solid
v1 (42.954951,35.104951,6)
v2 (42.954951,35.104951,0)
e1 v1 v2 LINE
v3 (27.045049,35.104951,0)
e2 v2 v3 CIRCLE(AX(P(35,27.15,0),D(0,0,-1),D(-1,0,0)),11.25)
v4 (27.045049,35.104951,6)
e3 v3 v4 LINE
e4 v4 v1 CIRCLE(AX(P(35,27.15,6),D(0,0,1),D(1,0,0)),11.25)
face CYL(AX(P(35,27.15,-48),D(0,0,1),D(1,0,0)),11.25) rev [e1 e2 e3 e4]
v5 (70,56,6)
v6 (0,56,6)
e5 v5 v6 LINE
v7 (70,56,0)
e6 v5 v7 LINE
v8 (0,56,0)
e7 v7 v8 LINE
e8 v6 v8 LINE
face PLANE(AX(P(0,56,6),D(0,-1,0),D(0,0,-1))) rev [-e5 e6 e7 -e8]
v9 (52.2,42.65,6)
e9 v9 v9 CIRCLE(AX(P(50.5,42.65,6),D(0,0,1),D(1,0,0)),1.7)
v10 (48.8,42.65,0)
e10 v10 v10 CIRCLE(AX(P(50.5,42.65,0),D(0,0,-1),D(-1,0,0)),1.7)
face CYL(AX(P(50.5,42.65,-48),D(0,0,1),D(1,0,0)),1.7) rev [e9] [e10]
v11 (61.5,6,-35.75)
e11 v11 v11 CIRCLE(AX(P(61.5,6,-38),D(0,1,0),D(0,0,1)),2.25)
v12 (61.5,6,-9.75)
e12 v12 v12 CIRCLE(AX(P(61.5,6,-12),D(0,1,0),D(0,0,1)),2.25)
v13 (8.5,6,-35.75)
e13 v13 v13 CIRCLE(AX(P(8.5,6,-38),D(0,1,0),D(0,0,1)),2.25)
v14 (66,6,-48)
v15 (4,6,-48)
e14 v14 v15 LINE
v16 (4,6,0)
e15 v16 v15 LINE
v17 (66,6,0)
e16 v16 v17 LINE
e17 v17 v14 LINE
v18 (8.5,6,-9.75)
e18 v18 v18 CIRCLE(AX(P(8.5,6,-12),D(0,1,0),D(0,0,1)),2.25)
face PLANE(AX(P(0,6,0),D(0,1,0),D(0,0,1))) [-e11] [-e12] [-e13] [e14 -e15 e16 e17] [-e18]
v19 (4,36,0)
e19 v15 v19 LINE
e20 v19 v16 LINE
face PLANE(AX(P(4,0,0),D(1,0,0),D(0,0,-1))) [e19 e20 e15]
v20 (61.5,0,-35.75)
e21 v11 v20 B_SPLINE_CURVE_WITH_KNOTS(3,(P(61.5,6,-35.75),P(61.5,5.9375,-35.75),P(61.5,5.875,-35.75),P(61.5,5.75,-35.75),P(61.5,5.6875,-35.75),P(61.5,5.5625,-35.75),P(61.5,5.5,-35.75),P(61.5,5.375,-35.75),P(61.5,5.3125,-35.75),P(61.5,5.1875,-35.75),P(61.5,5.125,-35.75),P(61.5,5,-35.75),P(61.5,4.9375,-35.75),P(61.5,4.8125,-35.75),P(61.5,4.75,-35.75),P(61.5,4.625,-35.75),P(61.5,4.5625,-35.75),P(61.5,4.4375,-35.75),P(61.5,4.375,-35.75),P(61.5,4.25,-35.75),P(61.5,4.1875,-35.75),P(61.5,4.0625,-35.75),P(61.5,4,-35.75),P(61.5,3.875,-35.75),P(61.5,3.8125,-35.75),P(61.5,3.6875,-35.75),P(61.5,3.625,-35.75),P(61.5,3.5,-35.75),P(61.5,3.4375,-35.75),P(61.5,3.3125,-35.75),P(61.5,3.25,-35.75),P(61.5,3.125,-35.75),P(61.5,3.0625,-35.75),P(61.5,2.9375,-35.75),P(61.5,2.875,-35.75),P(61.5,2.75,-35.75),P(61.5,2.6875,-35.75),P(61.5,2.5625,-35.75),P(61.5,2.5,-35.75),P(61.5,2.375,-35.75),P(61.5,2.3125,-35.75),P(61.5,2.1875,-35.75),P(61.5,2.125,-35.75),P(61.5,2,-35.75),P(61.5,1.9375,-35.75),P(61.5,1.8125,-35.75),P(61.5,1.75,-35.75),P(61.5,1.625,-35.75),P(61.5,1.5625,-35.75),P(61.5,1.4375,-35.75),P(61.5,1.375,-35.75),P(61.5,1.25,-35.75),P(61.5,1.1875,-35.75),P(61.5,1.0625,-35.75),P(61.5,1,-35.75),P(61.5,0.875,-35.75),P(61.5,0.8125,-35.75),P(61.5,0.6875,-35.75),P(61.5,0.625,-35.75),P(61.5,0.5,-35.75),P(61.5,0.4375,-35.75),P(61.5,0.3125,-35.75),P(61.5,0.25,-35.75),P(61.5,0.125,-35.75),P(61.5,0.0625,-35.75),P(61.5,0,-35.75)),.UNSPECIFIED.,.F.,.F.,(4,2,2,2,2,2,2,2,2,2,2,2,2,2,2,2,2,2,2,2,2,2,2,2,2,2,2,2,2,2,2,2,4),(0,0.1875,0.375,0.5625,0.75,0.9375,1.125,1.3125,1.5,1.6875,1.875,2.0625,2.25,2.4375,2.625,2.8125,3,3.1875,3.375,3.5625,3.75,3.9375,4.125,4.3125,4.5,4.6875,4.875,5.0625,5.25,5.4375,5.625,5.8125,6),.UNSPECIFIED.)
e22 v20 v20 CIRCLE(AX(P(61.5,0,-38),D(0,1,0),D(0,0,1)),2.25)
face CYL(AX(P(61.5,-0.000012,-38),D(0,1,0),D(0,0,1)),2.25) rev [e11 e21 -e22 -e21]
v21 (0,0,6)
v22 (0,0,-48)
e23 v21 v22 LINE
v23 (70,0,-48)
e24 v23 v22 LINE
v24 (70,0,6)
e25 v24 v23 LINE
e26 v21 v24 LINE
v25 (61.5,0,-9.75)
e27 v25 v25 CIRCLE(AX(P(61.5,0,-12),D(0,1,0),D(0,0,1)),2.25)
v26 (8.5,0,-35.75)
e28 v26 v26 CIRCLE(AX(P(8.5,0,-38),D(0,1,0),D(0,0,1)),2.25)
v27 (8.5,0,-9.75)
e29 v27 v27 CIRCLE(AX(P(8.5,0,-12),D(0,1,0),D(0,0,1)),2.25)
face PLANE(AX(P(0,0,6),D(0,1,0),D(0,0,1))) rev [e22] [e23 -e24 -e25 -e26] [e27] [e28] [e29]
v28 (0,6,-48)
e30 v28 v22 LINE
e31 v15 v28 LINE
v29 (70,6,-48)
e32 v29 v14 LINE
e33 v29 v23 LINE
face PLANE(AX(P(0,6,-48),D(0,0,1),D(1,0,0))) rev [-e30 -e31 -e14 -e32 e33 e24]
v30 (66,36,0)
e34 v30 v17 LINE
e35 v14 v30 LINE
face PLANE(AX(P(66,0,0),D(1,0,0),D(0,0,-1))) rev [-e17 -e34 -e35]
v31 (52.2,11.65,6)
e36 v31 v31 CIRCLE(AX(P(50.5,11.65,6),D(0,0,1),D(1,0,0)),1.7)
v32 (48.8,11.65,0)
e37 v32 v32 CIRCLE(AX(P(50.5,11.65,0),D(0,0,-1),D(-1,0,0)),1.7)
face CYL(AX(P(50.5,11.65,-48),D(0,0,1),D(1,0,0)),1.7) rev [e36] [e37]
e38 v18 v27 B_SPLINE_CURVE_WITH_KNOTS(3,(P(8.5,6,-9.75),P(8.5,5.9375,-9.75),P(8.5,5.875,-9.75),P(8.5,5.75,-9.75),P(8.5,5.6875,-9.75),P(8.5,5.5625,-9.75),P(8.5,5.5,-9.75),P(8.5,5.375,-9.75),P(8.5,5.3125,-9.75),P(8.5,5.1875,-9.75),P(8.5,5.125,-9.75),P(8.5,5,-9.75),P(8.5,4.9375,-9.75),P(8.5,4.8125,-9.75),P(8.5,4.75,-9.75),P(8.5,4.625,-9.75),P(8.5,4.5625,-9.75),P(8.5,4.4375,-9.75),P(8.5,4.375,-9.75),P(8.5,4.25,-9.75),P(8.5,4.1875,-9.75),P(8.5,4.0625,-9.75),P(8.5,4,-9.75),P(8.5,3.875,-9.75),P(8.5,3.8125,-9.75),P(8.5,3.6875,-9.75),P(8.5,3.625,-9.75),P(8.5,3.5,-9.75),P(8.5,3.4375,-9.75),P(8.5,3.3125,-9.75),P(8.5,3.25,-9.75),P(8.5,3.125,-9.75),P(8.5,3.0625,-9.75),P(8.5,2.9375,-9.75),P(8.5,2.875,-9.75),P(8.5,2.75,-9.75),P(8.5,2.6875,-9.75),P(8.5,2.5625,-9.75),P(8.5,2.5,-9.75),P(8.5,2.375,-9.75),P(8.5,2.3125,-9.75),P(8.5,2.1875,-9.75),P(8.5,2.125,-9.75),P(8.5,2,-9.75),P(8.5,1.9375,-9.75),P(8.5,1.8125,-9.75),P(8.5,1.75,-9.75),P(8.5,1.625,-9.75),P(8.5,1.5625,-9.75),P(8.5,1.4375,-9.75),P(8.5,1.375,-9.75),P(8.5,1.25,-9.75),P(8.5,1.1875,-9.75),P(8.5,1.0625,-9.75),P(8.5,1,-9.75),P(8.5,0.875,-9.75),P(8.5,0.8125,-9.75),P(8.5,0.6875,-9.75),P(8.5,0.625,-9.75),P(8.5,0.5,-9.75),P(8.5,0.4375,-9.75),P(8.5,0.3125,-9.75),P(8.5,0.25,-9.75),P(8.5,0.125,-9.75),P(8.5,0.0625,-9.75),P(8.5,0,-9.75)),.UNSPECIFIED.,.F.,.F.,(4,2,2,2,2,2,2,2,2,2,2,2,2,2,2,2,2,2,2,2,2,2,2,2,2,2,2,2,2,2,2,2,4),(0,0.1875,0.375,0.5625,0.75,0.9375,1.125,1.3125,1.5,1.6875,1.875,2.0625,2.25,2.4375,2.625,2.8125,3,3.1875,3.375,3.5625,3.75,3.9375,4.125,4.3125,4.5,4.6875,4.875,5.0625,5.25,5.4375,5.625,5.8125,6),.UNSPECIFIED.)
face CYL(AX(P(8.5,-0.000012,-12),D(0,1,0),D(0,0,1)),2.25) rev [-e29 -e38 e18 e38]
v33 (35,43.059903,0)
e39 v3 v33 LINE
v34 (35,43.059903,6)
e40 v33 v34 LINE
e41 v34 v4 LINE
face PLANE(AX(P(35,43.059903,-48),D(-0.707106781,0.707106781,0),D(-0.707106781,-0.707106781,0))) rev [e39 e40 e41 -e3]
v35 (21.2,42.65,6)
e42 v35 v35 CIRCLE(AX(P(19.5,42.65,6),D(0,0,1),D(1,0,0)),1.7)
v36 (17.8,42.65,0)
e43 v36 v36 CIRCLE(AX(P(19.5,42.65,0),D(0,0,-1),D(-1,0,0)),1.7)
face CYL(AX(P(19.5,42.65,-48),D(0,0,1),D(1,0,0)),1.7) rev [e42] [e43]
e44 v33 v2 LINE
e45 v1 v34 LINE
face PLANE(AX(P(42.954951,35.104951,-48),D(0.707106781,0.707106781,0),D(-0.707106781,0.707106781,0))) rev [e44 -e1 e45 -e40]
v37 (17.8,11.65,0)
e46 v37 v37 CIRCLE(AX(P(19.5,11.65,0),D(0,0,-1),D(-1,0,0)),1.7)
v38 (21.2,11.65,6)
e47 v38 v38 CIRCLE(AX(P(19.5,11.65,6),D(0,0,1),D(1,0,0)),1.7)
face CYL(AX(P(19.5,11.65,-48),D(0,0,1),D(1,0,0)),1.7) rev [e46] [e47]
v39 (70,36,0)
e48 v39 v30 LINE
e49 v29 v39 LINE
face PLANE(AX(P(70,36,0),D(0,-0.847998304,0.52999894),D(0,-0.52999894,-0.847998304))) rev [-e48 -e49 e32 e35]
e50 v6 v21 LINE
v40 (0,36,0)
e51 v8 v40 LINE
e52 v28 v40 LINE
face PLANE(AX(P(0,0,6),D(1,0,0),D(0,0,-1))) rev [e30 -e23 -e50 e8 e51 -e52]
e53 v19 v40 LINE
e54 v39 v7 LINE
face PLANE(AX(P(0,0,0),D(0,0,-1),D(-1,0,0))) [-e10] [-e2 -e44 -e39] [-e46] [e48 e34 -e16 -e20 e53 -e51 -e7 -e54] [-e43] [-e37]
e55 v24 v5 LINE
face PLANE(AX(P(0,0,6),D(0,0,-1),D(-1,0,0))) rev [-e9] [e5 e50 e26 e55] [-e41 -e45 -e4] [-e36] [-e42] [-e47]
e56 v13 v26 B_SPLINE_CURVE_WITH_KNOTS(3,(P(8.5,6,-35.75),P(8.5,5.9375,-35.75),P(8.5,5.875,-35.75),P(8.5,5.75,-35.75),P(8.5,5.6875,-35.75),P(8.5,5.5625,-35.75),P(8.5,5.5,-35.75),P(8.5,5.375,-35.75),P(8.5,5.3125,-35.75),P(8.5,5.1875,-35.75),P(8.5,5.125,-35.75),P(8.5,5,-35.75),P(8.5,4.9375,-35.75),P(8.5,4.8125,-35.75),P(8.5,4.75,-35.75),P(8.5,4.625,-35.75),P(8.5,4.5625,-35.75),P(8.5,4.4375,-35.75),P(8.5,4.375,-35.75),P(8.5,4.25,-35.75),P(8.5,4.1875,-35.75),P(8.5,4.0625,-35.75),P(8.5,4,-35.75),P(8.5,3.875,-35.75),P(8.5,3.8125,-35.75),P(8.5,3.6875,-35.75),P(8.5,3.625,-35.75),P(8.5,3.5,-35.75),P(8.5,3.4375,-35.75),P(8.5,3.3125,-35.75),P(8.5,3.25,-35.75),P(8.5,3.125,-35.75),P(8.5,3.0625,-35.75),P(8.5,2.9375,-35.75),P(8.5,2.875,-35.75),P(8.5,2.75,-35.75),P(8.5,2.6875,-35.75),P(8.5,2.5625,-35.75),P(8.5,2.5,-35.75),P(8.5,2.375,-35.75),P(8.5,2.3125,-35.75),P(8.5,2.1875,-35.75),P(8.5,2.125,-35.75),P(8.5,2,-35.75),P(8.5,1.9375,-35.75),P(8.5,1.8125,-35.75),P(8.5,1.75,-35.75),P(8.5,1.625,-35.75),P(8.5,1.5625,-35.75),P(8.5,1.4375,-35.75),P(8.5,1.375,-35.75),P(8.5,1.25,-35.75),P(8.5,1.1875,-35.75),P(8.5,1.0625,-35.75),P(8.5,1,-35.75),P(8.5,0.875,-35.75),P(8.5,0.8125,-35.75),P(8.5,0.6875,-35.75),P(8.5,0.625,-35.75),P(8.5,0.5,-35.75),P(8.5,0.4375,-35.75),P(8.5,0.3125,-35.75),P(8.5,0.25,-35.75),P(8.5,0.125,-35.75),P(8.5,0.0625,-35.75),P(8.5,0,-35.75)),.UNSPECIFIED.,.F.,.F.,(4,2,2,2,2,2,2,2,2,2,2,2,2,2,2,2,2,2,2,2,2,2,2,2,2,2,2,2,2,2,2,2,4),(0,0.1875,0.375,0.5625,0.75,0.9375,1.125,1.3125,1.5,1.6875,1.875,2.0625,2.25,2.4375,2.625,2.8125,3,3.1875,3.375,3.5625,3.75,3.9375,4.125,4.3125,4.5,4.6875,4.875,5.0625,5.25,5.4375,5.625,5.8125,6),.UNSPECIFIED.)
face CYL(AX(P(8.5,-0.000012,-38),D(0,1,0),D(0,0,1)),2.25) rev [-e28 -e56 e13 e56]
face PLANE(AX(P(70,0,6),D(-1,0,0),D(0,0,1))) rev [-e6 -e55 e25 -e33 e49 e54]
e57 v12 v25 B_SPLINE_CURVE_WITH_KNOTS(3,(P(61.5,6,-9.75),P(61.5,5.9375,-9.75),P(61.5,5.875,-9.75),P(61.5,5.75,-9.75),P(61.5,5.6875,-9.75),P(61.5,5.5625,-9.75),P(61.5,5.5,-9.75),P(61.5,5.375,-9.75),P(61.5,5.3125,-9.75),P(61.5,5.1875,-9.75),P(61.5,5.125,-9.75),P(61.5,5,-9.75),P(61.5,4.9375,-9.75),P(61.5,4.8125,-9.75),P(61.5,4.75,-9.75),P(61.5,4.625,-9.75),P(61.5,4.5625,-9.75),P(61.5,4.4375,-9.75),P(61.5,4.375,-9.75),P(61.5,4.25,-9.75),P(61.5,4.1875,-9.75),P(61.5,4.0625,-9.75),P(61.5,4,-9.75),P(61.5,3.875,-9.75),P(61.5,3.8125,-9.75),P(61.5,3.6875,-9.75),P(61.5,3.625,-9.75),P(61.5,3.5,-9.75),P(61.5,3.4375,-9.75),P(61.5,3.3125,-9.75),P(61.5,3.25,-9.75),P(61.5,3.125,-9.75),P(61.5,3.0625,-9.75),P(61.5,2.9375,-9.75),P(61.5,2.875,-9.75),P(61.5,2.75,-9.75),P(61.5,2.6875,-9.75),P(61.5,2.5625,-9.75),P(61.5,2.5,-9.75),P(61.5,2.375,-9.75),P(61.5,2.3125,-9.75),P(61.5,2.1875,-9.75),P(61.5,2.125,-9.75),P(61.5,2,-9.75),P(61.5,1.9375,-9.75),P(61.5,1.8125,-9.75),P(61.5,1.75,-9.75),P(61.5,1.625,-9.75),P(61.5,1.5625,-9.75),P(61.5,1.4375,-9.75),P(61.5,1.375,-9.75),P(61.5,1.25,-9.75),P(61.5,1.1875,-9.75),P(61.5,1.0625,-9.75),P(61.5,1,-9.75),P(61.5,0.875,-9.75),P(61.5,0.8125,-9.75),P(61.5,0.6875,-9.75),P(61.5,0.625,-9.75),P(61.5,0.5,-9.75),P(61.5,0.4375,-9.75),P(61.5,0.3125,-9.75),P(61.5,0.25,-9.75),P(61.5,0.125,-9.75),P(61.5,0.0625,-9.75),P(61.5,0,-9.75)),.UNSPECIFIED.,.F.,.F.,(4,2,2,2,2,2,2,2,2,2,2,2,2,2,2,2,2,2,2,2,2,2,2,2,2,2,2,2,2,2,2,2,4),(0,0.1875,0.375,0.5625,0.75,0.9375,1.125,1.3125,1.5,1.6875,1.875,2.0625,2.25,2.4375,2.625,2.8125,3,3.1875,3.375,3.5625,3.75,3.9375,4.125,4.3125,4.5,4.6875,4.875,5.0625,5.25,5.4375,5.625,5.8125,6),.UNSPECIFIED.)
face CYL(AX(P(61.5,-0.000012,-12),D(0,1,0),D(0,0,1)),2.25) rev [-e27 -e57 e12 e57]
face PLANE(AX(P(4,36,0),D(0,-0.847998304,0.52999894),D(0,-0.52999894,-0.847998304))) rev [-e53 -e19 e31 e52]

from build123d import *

# Parameters (mm, degrees)
SKETCH_01_W                   = 70
SKETCH_01_H                   = 56
EXTRUDE_01_DEPTH              = 6
SKETCH_02_W                   = 70
SKETCH_02_H                   = 54
EXTRUDE_02_DEPTH              = 6
EXTRUDE_03_DEPTH              = 4
EXTRUDE_START                 = 66
EXTRUDE_04_DEPTH              = 4
CUT_EXTRUDE_05_4_3_DEPTH      = 102.685790551
CUT_EXTRUDE_05_4_3_DEPTH_BACK = 102.685790551
SKETCH_05_R                   = 11.25
SKETCH_05_R_2                 = 1.7
CUT_EXTRUDE_06_DEPTH          = 102.685790551
CUT_EXTRUDE_06_DEPTH_BACK     = 102.685790551
CUT_EXTRUDE_07_4_4_DEPTH      = 102.685790551
CUT_EXTRUDE_07_4_4_DEPTH_BACK = 102.685790551
SKETCH_07_R                   = 2.25


with BuildPart() as part:
    # 01_Пластина_эскиз → 01_Передняя_пластина (new body)
    with BuildSketch(Plane.XY):
        with Locations((35, 28)):
            Rectangle(SKETCH_01_W, SKETCH_01_H)
    extrude(amount=EXTRUDE_01_DEPTH)

    # 02_Полка_эскиз → 02_Полка (add)
    with BuildSketch(Plane(origin=(0, 0, 0), x_dir=(1, 0, 0), z_dir=(0, 1, 0))):
        with Locations((35, 21)):
            Rectangle(SKETCH_02_W, SKETCH_02_H)
    extrude(amount=EXTRUDE_02_DEPTH)

    # 03_Косынка_левая_эскиз → 03_Косынка_левая (add)
    with BuildSketch(Plane(origin=(0, 0, 0), x_dir=(0, 0, -1), z_dir=(1, 0, 0))):
        Polygon((48, 6), (0, 6), (0, 36), align=None)
    extrude(amount=EXTRUDE_03_DEPTH)

    # 04_Косынка_правая_эскиз → 04_Косынка_правая (add)
    with BuildSketch(Plane(origin=(0, 0, 0), x_dir=(0, 0, -1), z_dir=(1, 0, 0)).offset(EXTRUDE_START)):
        Polygon((48, 6), (0, 6), (0, 36), align=None)
    extrude(amount=EXTRUDE_04_DEPTH)

    # 05_Мотор_передний_фланец_эскиз → 05_Буртик_и_4_отверстия_М3 (cut, two sides: drawn at the far end of the back side and taken through both)
    with BuildSketch(Plane.XY.offset(-CUT_EXTRUDE_05_4_3_DEPTH_BACK)):
        with Locations((35, 27.15)):
            Circle(SKETCH_05_R)
        with Locations((19.5, 11.65)):
            Circle(SKETCH_05_R_2)
        with Locations((19.5, 42.65)):
            Circle(SKETCH_05_R_2)
        with Locations((50.5, 11.65)):
            Circle(SKETCH_05_R_2)
        with Locations((50.5, 42.65)):
            Circle(SKETCH_05_R_2)
    extrude(amount=CUT_EXTRUDE_05_4_3_DEPTH + CUT_EXTRUDE_05_4_3_DEPTH_BACK, mode=Mode.SUBTRACT)

    # 06_Свод_45град_эскиз → 06_Свод_отверстия_для_печати (cut, two sides: drawn at the far end of the back side and taken through both)
    with BuildSketch(Plane.XY.offset(-CUT_EXTRUDE_06_DEPTH_BACK)):
        Polygon((27.045048712, 35.104951288), (42.954951288, 35.104951288), (35, 43.059902577), align=None)
    extrude(amount=CUT_EXTRUDE_06_DEPTH + CUT_EXTRUDE_06_DEPTH_BACK, mode=Mode.SUBTRACT)

    # 07_Крепление_полки_эскиз → 07_4_отверстия_М4 (cut, two sides: drawn at the far end of the back side and taken through both)
    with BuildSketch(Plane(origin=(0, 0, 0), x_dir=(1, 0, 0), z_dir=(0, 1, 0)).offset(-CUT_EXTRUDE_07_4_4_DEPTH_BACK)):
        with Locations(Location((8.5, 12, 0), (0, 0, 270))):
            Circle(SKETCH_07_R)
        with Locations(Location((8.5, 38, 0), (0, 0, 270))):
            Circle(SKETCH_07_R)
        with Locations(Location((61.5, 12, 0), (0, 0, 270))):
            Circle(SKETCH_07_R)
        with Locations(Location((61.5, 38, 0), (0, 0, 270))):
            Circle(SKETCH_07_R)
    extrude(amount=CUT_EXTRUDE_07_4_4_DEPTH + CUT_EXTRUDE_07_4_4_DEPTH_BACK, mode=Mode.SUBTRACT)


solid = part.part
